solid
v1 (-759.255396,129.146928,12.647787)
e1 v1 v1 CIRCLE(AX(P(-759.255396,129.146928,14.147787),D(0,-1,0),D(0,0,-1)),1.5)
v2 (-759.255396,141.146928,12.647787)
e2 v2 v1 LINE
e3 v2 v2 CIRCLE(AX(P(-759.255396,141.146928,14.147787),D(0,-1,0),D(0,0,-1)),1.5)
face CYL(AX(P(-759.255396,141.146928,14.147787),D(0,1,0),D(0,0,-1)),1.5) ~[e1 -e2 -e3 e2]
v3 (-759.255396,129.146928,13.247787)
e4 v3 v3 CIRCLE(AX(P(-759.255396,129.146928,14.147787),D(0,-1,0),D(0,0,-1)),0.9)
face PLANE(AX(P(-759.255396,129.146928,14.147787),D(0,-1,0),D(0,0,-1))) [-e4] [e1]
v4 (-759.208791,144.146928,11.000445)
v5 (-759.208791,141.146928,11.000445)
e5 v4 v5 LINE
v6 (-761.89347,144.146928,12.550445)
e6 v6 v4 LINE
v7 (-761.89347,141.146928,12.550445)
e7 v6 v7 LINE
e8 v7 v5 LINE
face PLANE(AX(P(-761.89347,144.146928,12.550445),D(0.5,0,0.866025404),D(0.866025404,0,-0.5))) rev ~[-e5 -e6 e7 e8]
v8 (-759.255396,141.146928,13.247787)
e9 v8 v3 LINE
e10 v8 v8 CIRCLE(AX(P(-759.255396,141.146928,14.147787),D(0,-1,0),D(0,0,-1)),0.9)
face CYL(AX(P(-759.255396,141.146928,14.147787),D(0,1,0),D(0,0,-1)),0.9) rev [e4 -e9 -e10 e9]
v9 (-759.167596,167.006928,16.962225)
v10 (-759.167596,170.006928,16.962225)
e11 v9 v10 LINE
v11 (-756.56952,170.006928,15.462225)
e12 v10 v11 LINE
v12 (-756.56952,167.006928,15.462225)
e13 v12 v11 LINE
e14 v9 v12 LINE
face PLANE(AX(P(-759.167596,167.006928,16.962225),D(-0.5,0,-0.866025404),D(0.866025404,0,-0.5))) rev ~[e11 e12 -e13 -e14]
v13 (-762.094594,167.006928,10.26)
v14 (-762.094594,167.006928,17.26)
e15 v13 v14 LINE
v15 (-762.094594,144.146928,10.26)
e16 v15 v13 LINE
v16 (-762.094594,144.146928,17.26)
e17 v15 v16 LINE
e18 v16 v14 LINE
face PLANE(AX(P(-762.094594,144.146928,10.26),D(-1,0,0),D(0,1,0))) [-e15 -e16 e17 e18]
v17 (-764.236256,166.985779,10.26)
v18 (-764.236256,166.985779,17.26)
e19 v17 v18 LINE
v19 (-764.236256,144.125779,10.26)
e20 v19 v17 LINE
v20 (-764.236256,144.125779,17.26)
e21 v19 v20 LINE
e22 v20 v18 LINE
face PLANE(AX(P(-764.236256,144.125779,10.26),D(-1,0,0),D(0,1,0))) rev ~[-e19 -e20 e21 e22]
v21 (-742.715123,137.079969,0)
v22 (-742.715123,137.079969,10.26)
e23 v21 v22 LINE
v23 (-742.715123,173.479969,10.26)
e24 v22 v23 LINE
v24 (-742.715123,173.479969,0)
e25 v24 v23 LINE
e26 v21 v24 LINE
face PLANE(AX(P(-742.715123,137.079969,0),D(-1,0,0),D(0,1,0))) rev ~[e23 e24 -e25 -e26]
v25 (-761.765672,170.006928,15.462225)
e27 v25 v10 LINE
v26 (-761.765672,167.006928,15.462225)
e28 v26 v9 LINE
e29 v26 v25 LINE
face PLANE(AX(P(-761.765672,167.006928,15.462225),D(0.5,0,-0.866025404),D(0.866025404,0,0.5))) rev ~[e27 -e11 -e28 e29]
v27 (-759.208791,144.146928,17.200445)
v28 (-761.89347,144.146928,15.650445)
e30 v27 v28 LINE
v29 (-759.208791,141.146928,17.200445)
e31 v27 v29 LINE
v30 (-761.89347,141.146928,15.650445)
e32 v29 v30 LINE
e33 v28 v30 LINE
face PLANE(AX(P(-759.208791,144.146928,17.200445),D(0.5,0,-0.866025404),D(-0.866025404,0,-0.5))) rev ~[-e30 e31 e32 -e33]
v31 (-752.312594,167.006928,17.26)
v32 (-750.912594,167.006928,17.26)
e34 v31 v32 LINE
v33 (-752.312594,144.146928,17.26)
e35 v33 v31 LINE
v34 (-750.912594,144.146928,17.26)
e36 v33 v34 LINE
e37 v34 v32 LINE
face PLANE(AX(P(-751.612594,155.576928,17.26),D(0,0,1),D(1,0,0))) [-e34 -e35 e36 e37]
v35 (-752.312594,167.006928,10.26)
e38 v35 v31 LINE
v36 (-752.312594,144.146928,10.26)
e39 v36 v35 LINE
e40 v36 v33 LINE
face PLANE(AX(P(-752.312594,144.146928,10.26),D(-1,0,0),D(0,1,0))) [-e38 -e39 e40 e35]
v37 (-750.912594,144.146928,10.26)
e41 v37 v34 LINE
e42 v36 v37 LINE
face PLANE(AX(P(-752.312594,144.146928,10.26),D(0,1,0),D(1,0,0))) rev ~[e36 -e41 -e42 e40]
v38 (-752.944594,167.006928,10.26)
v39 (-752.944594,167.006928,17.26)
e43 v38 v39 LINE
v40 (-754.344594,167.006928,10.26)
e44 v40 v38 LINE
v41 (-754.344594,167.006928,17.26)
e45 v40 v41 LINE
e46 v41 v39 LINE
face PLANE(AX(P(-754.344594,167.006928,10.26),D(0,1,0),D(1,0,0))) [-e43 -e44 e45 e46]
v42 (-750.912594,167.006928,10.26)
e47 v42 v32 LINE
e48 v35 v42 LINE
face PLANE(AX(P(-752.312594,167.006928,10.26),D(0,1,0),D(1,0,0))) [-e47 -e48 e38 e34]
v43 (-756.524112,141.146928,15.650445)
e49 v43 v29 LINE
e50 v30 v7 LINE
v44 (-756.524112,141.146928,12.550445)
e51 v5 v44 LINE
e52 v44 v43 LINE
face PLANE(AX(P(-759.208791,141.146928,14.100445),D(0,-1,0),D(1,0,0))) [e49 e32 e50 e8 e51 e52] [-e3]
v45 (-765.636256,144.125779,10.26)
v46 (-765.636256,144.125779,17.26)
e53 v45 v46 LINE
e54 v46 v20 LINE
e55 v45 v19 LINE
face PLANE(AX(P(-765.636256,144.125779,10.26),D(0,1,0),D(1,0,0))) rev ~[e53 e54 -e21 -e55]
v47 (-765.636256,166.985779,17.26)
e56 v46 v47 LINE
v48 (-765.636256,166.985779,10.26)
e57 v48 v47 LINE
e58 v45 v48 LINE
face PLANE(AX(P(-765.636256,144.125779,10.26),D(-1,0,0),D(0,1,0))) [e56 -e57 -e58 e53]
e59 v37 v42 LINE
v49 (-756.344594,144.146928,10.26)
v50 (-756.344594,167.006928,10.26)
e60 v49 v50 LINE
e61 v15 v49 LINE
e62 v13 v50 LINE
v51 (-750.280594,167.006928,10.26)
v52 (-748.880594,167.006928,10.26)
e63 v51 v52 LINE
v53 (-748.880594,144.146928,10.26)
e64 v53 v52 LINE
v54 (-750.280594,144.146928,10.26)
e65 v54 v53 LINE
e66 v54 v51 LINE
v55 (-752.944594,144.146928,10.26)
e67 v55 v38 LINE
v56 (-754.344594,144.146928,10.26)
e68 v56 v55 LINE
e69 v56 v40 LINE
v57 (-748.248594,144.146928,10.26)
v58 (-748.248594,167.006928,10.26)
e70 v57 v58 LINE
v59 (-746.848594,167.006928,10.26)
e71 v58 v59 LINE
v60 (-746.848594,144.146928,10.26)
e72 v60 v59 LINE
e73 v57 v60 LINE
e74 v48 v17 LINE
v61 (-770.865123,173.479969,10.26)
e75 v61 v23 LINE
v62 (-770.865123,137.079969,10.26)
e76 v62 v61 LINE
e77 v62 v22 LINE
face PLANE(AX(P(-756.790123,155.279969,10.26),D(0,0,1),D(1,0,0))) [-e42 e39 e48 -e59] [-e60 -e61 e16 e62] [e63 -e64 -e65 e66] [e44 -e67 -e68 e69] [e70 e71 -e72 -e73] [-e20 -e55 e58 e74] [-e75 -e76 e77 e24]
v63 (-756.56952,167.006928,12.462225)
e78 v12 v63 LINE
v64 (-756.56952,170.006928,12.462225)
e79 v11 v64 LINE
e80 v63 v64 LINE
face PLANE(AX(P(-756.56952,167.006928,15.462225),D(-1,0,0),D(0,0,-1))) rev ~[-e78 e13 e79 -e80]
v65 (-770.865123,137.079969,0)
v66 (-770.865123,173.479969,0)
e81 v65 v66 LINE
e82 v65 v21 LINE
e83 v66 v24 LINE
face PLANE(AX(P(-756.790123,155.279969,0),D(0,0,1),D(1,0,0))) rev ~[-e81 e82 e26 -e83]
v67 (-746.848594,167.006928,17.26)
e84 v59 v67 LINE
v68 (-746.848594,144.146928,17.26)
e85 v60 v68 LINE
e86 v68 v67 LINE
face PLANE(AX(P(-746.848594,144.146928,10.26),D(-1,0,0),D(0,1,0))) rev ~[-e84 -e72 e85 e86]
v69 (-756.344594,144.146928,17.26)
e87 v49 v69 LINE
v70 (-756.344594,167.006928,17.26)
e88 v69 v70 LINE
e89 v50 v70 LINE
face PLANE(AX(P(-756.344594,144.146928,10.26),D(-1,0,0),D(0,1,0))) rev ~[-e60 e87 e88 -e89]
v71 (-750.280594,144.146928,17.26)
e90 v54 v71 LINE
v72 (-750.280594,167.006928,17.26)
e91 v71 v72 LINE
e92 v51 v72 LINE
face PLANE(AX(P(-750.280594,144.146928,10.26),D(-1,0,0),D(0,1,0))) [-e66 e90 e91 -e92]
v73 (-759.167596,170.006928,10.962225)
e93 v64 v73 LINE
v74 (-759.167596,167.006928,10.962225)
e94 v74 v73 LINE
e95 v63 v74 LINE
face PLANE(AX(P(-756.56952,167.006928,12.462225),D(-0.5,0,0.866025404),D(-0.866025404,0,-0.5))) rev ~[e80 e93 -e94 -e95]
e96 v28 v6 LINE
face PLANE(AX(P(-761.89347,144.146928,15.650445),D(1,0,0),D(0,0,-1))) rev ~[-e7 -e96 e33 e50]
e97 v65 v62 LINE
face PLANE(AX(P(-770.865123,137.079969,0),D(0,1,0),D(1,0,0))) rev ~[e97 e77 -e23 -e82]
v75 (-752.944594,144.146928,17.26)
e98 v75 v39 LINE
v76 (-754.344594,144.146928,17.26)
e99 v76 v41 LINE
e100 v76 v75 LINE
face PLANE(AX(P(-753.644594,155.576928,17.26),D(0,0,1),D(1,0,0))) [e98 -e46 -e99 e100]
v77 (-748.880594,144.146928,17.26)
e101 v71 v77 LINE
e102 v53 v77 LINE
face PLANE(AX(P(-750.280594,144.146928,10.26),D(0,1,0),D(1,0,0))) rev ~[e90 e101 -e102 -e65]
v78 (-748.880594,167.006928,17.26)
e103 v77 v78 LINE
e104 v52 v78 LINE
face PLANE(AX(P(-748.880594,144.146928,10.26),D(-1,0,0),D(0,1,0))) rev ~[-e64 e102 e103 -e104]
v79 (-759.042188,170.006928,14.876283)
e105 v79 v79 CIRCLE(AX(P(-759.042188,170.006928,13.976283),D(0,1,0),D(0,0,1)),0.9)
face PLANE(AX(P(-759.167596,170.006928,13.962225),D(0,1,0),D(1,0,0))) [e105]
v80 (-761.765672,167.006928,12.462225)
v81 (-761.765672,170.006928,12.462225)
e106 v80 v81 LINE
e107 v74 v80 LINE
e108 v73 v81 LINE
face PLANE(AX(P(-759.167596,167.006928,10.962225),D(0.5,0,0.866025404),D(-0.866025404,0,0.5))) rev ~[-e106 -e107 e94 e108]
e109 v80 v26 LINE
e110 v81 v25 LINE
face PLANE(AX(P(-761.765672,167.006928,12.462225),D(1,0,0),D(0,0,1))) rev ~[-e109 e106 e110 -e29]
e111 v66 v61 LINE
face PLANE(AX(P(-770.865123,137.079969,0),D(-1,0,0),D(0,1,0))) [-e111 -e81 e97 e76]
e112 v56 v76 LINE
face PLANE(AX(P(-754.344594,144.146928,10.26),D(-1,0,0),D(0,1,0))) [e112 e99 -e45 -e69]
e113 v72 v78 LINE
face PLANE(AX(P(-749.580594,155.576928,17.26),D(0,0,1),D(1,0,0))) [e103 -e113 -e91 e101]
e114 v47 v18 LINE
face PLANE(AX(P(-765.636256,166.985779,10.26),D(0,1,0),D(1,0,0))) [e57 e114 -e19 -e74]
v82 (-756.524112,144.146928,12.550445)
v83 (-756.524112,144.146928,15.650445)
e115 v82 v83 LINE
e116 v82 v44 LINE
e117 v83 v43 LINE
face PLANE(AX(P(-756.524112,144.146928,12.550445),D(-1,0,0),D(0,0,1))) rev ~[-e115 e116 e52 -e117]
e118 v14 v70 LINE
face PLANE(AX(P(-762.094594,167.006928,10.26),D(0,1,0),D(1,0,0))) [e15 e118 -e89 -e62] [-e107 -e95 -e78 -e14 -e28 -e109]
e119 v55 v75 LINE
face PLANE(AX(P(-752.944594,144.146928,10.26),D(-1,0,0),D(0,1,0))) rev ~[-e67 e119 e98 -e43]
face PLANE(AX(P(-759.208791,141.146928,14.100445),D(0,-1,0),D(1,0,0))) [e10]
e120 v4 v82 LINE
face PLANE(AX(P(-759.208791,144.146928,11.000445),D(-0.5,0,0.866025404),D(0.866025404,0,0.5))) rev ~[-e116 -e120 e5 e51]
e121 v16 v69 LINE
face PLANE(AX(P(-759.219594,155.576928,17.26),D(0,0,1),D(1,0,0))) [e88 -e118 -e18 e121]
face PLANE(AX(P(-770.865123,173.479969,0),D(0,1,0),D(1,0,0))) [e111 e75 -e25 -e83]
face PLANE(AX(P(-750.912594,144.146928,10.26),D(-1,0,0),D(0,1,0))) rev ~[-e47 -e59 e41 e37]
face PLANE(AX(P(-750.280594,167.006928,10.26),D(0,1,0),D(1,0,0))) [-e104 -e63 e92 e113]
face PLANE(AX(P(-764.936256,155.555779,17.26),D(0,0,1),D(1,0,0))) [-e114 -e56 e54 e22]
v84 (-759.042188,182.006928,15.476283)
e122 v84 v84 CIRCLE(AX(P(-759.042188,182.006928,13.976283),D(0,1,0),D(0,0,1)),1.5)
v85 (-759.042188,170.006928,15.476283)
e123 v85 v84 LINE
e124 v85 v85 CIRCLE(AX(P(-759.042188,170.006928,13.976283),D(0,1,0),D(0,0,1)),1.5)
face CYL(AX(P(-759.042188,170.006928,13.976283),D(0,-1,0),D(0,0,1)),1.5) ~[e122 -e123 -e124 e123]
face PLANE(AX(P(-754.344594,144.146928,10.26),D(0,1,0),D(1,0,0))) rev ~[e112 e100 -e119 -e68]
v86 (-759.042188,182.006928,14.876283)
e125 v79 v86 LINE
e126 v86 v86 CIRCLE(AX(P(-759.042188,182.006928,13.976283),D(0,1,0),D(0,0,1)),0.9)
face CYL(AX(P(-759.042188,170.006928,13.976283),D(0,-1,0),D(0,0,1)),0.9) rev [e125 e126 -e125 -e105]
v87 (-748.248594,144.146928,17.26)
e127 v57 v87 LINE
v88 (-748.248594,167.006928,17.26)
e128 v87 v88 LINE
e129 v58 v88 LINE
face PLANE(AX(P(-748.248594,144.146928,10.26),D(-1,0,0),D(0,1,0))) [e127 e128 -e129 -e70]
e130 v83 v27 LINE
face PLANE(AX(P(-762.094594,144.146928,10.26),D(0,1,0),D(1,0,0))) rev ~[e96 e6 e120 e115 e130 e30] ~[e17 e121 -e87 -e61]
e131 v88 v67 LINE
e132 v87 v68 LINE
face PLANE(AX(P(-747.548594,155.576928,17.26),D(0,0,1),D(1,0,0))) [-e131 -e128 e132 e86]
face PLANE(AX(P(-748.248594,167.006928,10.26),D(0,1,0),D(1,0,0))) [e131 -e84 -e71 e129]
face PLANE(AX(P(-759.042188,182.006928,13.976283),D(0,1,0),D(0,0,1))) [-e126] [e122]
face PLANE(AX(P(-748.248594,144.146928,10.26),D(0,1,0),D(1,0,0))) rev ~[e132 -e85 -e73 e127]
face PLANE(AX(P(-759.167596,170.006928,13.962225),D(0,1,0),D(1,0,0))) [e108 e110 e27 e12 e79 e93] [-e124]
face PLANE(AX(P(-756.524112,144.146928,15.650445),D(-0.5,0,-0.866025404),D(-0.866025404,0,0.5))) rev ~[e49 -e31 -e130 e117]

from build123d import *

# Parameters (mm, degrees)
SKETCH1_W           = 28.15
SKETCH1_H           = 36.4
BOSS_EXTRUDE1_DEPTH = 10.26
SKETCH2_W           = 5.75
SKETCH2_H           = 22.86
SKETCH2_W_2         = 1.4
BOSS_EXTRUDE5_DEPTH = 7
BOSS_EXTRUDE6_DEPTH = 3
SKETCH5_R           = 1.5
SKETCH5_R_2         = 0.9
BOSS_EXTRUDE7_DEPTH = 12
BOSS_EXTRUDE8_DEPTH = 3
SKETCH8_R           = 1.5
SKETCH8_R_2         = 0.9
BOSS_EXTRUDE9_DEPTH = 12


with BuildPart() as part:
    # Sketch1 → Boss-Extrude1 (new body)
    with BuildSketch(Plane.XY):
        with Locations((-756.790122614, 155.279969002)):
            Rectangle(SKETCH1_W, SKETCH1_H)
    extrude(amount=BOSS_EXTRUDE1_DEPTH)

    # Sketch2 → Boss-Extrude5 (add)
    with BuildSketch(Plane.XY.offset(10.26)):
        with Locations((-759.219593617, 155.576927604)):
            Rectangle(SKETCH2_W, SKETCH2_H)
        with Locations((-753.644593617, 155.576927604)):
            Rectangle(SKETCH2_W_2, SKETCH2_H)
        with Locations((-749.580593617, 155.576927604)):
            Rectangle(SKETCH2_W_2, SKETCH2_H)
        with Locations((-747.548593617, 155.576927604)):
            Rectangle(SKETCH2_W_2, SKETCH2_H)
        with Locations((-751.612593617, 155.576927604)):
            Rectangle(SKETCH2_W_2, SKETCH2_H)
        with Locations((-764.936255693, 155.555778802)):
            Rectangle(SKETCH2_W_2, SKETCH2_H)
    extrude(amount=BOSS_EXTRUDE5_DEPTH)

    # Sketch4 → Boss-Extrude6 (add)
    with BuildSketch(Plane.XZ.offset(-144.146927604)):
        Polygon((-759.208791207, 11.000445338), (-756.524112455, 12.550445338), (-756.524112455, 15.650445338), (-759.208791207, 17.200445338), (-761.893469959, 15.650445338), (-761.893469959, 12.550445338), align=None)
    extrude(amount=BOSS_EXTRUDE6_DEPTH)

    # Sketch5 → Boss-Extrude7 (add)
    with BuildSketch(Plane.XZ.offset(-141.146927604)):
        with Locations(Location((-759.25539639, 14.147787096, 0), (0, 0, 270))):
            Circle(SKETCH5_R)
        with Locations(Location((-759.25539639, 14.147787096, 0), (0, 0, 270))):
            Circle(SKETCH5_R_2, mode=Mode.SUBTRACT)
    extrude(amount=BOSS_EXTRUDE7_DEPTH)

    # Sketch6 → Boss-Extrude8 (add)
    with BuildSketch(Plane(origin=(0, 167.006927604, 0), x_dir=(1, 0, 0), z_dir=(0, 1, 0))):
        Polygon((-759.16759572, -16.962225379), (-756.569519509, -15.462225379), (-756.569519509, -12.462225379), (-759.16759572, -10.962225379), (-761.765671931, -12.462225379), (-761.765671931, -15.462225379), align=None)
    extrude(amount=BOSS_EXTRUDE8_DEPTH)

    # Sketch8 → Boss-Extrude9 (add)
    with BuildSketch(Plane(origin=(0, 170.006927604, 0), x_dir=(1, 0, 0), z_dir=(0, 1, 0))):
        with Locations(Location((-759.042188193, -13.976282546, 0), (0, 0, 270))):
            Circle(SKETCH8_R)
        with Locations(Location((-759.042188193, -13.976282546, 0), (0, 0, 270))):
            Circle(SKETCH8_R_2, mode=Mode.SUBTRACT)
    extrude(amount=BOSS_EXTRUDE9_DEPTH)


solid = part.part
